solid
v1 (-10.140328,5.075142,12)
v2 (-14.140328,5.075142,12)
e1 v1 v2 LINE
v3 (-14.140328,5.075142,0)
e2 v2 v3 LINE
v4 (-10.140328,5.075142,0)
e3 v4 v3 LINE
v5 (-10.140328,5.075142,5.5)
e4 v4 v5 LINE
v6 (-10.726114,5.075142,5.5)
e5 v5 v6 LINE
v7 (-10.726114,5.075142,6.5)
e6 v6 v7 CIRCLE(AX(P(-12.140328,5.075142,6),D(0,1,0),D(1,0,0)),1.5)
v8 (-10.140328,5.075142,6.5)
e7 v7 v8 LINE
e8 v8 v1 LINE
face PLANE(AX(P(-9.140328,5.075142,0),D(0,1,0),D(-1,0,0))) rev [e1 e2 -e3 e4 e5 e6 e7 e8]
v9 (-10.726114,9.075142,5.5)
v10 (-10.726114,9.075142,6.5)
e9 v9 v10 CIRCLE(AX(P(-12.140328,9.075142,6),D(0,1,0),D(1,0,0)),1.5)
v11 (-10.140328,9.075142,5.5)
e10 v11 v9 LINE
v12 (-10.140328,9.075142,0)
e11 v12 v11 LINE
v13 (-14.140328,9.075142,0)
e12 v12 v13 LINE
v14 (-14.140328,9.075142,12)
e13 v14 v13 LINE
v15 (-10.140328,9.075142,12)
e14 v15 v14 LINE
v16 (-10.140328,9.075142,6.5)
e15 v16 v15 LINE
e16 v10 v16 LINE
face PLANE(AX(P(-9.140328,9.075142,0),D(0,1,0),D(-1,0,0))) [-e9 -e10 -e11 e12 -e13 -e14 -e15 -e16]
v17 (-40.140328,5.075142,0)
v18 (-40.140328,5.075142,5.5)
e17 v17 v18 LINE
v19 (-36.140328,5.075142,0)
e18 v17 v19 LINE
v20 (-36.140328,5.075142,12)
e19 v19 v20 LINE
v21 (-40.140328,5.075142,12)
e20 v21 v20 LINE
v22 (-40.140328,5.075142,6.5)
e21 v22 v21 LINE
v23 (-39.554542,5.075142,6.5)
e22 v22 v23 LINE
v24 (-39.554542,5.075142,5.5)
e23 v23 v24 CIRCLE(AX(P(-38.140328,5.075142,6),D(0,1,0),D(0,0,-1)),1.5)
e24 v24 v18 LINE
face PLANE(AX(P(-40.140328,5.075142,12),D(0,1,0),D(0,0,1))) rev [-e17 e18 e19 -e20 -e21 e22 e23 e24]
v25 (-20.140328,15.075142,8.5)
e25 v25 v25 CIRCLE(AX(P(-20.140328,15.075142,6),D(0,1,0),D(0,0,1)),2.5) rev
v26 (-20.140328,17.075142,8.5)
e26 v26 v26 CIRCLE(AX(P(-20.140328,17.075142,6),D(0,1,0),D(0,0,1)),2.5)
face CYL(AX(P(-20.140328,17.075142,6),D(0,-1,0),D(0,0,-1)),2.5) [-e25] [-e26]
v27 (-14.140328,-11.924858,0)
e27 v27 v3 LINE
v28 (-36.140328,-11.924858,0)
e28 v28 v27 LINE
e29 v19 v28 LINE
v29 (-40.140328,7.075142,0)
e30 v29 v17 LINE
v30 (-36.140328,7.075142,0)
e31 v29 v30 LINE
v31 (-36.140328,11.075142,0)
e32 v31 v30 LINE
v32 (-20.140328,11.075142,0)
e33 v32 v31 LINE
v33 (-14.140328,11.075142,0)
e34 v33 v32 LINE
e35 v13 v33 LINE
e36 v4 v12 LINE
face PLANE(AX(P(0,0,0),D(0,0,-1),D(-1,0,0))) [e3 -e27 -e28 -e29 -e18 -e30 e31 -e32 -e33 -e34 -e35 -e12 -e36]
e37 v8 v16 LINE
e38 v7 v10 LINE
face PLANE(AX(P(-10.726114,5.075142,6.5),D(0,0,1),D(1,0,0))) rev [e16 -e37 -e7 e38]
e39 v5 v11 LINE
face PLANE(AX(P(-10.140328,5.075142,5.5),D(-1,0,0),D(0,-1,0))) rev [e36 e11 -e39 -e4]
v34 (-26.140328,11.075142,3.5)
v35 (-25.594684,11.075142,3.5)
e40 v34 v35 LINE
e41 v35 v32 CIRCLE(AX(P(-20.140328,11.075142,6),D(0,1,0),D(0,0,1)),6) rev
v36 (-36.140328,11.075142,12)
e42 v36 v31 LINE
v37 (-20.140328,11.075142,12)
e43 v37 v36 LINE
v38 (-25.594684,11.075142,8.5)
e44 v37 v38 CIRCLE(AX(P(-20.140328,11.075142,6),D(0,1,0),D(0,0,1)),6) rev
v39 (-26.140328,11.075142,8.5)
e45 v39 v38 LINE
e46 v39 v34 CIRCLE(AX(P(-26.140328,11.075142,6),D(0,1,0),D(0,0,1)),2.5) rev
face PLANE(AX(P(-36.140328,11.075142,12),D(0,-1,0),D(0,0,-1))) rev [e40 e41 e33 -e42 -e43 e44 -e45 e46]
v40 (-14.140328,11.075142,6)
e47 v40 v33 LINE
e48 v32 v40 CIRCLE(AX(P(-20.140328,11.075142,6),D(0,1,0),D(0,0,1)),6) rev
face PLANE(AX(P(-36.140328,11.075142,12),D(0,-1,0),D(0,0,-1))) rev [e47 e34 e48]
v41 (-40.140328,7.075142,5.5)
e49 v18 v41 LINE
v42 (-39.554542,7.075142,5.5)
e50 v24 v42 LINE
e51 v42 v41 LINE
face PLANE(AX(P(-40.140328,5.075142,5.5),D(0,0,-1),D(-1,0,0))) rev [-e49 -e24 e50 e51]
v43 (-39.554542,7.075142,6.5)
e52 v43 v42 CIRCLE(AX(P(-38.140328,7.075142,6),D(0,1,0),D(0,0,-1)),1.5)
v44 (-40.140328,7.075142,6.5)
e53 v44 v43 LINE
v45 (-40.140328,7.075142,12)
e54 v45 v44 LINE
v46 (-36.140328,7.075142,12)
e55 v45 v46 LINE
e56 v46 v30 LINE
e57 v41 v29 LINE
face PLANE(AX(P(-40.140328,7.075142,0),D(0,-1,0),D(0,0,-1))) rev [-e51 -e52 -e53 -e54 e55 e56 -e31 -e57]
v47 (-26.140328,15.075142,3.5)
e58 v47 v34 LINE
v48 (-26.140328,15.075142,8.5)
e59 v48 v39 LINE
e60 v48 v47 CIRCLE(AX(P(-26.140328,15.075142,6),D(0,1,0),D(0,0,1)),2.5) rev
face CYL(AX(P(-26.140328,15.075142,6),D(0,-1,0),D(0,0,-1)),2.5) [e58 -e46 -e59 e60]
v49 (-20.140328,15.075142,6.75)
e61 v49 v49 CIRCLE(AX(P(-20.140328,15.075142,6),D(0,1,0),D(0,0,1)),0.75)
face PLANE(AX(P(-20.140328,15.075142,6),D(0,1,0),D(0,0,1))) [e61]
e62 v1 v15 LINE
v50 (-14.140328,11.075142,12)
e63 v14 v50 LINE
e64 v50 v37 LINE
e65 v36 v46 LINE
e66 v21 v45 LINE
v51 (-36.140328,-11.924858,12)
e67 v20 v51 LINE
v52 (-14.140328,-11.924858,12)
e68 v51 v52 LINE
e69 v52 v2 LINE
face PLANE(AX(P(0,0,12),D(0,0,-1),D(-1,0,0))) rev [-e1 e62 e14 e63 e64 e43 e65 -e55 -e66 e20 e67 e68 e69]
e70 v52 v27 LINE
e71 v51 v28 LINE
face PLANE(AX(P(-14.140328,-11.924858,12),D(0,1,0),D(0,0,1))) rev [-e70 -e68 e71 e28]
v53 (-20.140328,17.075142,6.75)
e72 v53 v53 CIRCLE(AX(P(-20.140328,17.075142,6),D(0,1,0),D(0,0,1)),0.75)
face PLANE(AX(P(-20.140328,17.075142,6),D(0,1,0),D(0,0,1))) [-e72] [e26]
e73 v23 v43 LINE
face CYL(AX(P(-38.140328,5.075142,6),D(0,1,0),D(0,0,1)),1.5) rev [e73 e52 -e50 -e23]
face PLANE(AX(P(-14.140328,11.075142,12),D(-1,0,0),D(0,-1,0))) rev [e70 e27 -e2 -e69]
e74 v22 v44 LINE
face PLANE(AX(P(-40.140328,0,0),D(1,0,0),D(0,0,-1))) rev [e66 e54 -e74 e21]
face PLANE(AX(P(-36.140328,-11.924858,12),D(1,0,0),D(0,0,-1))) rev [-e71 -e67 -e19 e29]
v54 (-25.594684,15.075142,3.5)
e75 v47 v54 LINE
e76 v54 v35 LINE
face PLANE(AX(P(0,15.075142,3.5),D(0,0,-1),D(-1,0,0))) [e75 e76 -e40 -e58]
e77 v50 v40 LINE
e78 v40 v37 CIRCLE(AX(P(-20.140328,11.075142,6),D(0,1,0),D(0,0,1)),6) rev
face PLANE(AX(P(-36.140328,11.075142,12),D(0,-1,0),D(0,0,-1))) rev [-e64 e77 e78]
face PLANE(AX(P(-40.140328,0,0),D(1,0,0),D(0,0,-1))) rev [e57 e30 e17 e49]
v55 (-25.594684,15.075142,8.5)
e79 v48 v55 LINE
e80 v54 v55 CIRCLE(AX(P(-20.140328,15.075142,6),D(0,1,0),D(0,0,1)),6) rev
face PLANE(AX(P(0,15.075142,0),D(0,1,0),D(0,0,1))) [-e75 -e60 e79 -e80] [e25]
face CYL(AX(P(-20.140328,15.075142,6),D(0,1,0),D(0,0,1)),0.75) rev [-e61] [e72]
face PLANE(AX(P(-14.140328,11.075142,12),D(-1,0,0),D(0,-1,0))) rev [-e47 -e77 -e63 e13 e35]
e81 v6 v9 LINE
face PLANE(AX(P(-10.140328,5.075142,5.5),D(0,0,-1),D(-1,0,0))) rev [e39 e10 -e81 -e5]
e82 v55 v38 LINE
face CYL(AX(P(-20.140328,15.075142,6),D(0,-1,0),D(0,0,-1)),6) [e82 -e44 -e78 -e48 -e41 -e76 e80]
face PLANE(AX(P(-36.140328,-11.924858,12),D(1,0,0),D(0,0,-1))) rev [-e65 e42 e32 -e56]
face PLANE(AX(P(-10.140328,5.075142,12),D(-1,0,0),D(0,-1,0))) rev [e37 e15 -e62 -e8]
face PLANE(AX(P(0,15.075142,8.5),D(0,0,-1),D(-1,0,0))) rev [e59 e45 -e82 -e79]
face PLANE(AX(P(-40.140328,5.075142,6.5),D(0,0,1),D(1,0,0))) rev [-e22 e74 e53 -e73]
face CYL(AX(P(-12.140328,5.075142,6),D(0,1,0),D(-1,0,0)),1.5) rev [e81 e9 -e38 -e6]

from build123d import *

# Parameters (mm, degrees)
CROQUIS1_W              = 22
CROQUIS1_H              = 23
SALIENTE_EXTRUIR1_DEPTH = 12
CROQUIS2_W              = 12
CROQUIS2_H              = 2
SALIENTE_EXTRUIR2_DEPTH = 5
CORTAR_EXTRUIR2_DEPTH   = 2
CROQUIS13_W             = 12
CROQUIS13_H             = 2
SALIENTE_EXTRUIR3_DEPTH = 4
CORTAR_EXTRUIR3_DEPTH   = 2
SALIENTE_EXTRUIR4_DEPTH = 4
CROQUIS16_R             = 2.5
SALIENTE_EXTRUIR5_DEPTH = 6
CROQUIS21_R             = 0.75
CORTAR_EXTRUIR6_DEPTH   = 2


with BuildPart() as part:
    # Croquis1 → Saliente-Extruir1 (new body)
    with BuildSketch(Plane.XY):
        with Locations((-25.140327955, -0.424857882)):
            Rectangle(CROQUIS1_W, CROQUIS1_H)
    extrude(amount=SALIENTE_EXTRUIR1_DEPTH)

    # Croquis2 → Saliente-Extruir2 (add)
    with BuildSketch(Plane(origin=(-14.140327955, 0, 0), x_dir=(0, 0, -1), z_dir=(1, 0, 0))):
        with Locations((-6, 6.075142118)):
            Rectangle(CROQUIS2_W, CROQUIS2_H)
    saliente_extruir2 = extrude(amount=SALIENTE_EXTRUIR2_DEPTH)

    # Croquis3 → Cortar-Extruir2 (cut)
    with BuildSketch(Plane(origin=(0, 7.075142118, 0), x_dir=(1, 0, 0), z_dir=(0, 1, 0))):
        with BuildLine():
            Line((-10.140327955, -5.5), (-10.726114393, -5.5))
            ThreePointArc((-10.726114393, -5.5), (-13.640327955, -6), (-10.726114393, -6.5))
            Line((-10.726114393, -6.5), (-10.140327955, -6.5))
            Line((-10.140327955, -6.5), (-10.140327955, -12))
            Line((-10.140327955, -12), (-9.140327955, -12))
            Line((-9.140327955, -12), (-9.140327955, 0))
            Line((-9.140327955, 0), (-10.140327955, 0))
            Line((-10.140327955, 0), (-10.140327955, -5.5))
        make_face()
    cortar_extruir2 = extrude(amount=-CORTAR_EXTRUIR2_DEPTH, mode=Mode.SUBTRACT)

    # Simetría1: Saliente-Extruir2, Cortar-Extruir2 across plane
    add(saliente_extruir2.mirror(Plane(origin=(-9.140327955, 7.075142118, 12), x_dir=(0, 0, 1), z_dir=(0, -1, 0))))
    add(cortar_extruir2.mirror(Plane(origin=(-9.140327955, 7.075142118, 12), x_dir=(0, 0, 1), z_dir=(0, -1, 0))), mode=Mode.SUBTRACT)

    # Croquis13 → Saliente-Extruir3 (add)
    with BuildSketch(Plane.ZY.offset(36.140327955)):
        with Locations((6, 6.075142118)):
            Rectangle(CROQUIS13_W, CROQUIS13_H)
    extrude(amount=SALIENTE_EXTRUIR3_DEPTH)

    # Croquis14 → Cortar-Extruir3 (cut)
    with BuildSketch(Plane(origin=(0, 7.075142118, 0), x_dir=(1, 0, 0), z_dir=(0, 1, 0))):
        with BuildLine():
            Line((-40.140327955, -6.5), (-40.140327955, -5.5))
            Line((-40.140327955, -5.5), (-39.554541518, -5.5))
            ThreePointArc((-39.554541518, -5.5), (-36.640327955, -6), (-39.554541518, -6.5))
            Line((-39.554541518, -6.5), (-40.140327955, -6.5))
        make_face()
    extrude(amount=-CORTAR_EXTRUIR3_DEPTH, mode=Mode.SUBTRACT)

    # Croquis15 → Saliente-Extruir4 (add)
    with BuildSketch(Plane(origin=(0, 11.075142118, 0), x_dir=(1, 0, 0), z_dir=(0, 1, 0))):
        with BuildLine():
            ThreePointArc((-25.594684013, -3.5), (-14.140327955, -6), (-25.594684013, -8.5))
            Line((-25.594684013, -8.5), (-26.140327955, -8.5))
            ThreePointArc((-26.140327955, -8.5), (-28.640327955, -6), (-26.140327955, -3.5))
            Line((-26.140327955, -3.5), (-25.594684013, -3.5))
        make_face()
    extrude(amount=SALIENTE_EXTRUIR4_DEPTH)

    # Croquis16 → Saliente-Extruir5 (add)
    with BuildSketch(Plane(origin=(0, 11.075142118, 0), x_dir=(1, 0, 0), z_dir=(0, 1, 0))):
        with Locations(Location((-20.140327955, -6, 0), (0, 0, 270))):
            Circle(CROQUIS16_R)
    extrude(amount=SALIENTE_EXTRUIR5_DEPTH)

    # Croquis21 → Cortar-Extruir6 (cut)
    with BuildSketch(Plane(origin=(0, 17.075142118, 0), x_dir=(1, 0, 0), z_dir=(0, 1, 0))):
        with Locations(Location((-20.140327955, -6, 0), (0, 0, 270))):
            Circle(CROQUIS21_R)
    extrude(amount=-CORTAR_EXTRUIR6_DEPTH, mode=Mode.SUBTRACT)


solid = part.part
